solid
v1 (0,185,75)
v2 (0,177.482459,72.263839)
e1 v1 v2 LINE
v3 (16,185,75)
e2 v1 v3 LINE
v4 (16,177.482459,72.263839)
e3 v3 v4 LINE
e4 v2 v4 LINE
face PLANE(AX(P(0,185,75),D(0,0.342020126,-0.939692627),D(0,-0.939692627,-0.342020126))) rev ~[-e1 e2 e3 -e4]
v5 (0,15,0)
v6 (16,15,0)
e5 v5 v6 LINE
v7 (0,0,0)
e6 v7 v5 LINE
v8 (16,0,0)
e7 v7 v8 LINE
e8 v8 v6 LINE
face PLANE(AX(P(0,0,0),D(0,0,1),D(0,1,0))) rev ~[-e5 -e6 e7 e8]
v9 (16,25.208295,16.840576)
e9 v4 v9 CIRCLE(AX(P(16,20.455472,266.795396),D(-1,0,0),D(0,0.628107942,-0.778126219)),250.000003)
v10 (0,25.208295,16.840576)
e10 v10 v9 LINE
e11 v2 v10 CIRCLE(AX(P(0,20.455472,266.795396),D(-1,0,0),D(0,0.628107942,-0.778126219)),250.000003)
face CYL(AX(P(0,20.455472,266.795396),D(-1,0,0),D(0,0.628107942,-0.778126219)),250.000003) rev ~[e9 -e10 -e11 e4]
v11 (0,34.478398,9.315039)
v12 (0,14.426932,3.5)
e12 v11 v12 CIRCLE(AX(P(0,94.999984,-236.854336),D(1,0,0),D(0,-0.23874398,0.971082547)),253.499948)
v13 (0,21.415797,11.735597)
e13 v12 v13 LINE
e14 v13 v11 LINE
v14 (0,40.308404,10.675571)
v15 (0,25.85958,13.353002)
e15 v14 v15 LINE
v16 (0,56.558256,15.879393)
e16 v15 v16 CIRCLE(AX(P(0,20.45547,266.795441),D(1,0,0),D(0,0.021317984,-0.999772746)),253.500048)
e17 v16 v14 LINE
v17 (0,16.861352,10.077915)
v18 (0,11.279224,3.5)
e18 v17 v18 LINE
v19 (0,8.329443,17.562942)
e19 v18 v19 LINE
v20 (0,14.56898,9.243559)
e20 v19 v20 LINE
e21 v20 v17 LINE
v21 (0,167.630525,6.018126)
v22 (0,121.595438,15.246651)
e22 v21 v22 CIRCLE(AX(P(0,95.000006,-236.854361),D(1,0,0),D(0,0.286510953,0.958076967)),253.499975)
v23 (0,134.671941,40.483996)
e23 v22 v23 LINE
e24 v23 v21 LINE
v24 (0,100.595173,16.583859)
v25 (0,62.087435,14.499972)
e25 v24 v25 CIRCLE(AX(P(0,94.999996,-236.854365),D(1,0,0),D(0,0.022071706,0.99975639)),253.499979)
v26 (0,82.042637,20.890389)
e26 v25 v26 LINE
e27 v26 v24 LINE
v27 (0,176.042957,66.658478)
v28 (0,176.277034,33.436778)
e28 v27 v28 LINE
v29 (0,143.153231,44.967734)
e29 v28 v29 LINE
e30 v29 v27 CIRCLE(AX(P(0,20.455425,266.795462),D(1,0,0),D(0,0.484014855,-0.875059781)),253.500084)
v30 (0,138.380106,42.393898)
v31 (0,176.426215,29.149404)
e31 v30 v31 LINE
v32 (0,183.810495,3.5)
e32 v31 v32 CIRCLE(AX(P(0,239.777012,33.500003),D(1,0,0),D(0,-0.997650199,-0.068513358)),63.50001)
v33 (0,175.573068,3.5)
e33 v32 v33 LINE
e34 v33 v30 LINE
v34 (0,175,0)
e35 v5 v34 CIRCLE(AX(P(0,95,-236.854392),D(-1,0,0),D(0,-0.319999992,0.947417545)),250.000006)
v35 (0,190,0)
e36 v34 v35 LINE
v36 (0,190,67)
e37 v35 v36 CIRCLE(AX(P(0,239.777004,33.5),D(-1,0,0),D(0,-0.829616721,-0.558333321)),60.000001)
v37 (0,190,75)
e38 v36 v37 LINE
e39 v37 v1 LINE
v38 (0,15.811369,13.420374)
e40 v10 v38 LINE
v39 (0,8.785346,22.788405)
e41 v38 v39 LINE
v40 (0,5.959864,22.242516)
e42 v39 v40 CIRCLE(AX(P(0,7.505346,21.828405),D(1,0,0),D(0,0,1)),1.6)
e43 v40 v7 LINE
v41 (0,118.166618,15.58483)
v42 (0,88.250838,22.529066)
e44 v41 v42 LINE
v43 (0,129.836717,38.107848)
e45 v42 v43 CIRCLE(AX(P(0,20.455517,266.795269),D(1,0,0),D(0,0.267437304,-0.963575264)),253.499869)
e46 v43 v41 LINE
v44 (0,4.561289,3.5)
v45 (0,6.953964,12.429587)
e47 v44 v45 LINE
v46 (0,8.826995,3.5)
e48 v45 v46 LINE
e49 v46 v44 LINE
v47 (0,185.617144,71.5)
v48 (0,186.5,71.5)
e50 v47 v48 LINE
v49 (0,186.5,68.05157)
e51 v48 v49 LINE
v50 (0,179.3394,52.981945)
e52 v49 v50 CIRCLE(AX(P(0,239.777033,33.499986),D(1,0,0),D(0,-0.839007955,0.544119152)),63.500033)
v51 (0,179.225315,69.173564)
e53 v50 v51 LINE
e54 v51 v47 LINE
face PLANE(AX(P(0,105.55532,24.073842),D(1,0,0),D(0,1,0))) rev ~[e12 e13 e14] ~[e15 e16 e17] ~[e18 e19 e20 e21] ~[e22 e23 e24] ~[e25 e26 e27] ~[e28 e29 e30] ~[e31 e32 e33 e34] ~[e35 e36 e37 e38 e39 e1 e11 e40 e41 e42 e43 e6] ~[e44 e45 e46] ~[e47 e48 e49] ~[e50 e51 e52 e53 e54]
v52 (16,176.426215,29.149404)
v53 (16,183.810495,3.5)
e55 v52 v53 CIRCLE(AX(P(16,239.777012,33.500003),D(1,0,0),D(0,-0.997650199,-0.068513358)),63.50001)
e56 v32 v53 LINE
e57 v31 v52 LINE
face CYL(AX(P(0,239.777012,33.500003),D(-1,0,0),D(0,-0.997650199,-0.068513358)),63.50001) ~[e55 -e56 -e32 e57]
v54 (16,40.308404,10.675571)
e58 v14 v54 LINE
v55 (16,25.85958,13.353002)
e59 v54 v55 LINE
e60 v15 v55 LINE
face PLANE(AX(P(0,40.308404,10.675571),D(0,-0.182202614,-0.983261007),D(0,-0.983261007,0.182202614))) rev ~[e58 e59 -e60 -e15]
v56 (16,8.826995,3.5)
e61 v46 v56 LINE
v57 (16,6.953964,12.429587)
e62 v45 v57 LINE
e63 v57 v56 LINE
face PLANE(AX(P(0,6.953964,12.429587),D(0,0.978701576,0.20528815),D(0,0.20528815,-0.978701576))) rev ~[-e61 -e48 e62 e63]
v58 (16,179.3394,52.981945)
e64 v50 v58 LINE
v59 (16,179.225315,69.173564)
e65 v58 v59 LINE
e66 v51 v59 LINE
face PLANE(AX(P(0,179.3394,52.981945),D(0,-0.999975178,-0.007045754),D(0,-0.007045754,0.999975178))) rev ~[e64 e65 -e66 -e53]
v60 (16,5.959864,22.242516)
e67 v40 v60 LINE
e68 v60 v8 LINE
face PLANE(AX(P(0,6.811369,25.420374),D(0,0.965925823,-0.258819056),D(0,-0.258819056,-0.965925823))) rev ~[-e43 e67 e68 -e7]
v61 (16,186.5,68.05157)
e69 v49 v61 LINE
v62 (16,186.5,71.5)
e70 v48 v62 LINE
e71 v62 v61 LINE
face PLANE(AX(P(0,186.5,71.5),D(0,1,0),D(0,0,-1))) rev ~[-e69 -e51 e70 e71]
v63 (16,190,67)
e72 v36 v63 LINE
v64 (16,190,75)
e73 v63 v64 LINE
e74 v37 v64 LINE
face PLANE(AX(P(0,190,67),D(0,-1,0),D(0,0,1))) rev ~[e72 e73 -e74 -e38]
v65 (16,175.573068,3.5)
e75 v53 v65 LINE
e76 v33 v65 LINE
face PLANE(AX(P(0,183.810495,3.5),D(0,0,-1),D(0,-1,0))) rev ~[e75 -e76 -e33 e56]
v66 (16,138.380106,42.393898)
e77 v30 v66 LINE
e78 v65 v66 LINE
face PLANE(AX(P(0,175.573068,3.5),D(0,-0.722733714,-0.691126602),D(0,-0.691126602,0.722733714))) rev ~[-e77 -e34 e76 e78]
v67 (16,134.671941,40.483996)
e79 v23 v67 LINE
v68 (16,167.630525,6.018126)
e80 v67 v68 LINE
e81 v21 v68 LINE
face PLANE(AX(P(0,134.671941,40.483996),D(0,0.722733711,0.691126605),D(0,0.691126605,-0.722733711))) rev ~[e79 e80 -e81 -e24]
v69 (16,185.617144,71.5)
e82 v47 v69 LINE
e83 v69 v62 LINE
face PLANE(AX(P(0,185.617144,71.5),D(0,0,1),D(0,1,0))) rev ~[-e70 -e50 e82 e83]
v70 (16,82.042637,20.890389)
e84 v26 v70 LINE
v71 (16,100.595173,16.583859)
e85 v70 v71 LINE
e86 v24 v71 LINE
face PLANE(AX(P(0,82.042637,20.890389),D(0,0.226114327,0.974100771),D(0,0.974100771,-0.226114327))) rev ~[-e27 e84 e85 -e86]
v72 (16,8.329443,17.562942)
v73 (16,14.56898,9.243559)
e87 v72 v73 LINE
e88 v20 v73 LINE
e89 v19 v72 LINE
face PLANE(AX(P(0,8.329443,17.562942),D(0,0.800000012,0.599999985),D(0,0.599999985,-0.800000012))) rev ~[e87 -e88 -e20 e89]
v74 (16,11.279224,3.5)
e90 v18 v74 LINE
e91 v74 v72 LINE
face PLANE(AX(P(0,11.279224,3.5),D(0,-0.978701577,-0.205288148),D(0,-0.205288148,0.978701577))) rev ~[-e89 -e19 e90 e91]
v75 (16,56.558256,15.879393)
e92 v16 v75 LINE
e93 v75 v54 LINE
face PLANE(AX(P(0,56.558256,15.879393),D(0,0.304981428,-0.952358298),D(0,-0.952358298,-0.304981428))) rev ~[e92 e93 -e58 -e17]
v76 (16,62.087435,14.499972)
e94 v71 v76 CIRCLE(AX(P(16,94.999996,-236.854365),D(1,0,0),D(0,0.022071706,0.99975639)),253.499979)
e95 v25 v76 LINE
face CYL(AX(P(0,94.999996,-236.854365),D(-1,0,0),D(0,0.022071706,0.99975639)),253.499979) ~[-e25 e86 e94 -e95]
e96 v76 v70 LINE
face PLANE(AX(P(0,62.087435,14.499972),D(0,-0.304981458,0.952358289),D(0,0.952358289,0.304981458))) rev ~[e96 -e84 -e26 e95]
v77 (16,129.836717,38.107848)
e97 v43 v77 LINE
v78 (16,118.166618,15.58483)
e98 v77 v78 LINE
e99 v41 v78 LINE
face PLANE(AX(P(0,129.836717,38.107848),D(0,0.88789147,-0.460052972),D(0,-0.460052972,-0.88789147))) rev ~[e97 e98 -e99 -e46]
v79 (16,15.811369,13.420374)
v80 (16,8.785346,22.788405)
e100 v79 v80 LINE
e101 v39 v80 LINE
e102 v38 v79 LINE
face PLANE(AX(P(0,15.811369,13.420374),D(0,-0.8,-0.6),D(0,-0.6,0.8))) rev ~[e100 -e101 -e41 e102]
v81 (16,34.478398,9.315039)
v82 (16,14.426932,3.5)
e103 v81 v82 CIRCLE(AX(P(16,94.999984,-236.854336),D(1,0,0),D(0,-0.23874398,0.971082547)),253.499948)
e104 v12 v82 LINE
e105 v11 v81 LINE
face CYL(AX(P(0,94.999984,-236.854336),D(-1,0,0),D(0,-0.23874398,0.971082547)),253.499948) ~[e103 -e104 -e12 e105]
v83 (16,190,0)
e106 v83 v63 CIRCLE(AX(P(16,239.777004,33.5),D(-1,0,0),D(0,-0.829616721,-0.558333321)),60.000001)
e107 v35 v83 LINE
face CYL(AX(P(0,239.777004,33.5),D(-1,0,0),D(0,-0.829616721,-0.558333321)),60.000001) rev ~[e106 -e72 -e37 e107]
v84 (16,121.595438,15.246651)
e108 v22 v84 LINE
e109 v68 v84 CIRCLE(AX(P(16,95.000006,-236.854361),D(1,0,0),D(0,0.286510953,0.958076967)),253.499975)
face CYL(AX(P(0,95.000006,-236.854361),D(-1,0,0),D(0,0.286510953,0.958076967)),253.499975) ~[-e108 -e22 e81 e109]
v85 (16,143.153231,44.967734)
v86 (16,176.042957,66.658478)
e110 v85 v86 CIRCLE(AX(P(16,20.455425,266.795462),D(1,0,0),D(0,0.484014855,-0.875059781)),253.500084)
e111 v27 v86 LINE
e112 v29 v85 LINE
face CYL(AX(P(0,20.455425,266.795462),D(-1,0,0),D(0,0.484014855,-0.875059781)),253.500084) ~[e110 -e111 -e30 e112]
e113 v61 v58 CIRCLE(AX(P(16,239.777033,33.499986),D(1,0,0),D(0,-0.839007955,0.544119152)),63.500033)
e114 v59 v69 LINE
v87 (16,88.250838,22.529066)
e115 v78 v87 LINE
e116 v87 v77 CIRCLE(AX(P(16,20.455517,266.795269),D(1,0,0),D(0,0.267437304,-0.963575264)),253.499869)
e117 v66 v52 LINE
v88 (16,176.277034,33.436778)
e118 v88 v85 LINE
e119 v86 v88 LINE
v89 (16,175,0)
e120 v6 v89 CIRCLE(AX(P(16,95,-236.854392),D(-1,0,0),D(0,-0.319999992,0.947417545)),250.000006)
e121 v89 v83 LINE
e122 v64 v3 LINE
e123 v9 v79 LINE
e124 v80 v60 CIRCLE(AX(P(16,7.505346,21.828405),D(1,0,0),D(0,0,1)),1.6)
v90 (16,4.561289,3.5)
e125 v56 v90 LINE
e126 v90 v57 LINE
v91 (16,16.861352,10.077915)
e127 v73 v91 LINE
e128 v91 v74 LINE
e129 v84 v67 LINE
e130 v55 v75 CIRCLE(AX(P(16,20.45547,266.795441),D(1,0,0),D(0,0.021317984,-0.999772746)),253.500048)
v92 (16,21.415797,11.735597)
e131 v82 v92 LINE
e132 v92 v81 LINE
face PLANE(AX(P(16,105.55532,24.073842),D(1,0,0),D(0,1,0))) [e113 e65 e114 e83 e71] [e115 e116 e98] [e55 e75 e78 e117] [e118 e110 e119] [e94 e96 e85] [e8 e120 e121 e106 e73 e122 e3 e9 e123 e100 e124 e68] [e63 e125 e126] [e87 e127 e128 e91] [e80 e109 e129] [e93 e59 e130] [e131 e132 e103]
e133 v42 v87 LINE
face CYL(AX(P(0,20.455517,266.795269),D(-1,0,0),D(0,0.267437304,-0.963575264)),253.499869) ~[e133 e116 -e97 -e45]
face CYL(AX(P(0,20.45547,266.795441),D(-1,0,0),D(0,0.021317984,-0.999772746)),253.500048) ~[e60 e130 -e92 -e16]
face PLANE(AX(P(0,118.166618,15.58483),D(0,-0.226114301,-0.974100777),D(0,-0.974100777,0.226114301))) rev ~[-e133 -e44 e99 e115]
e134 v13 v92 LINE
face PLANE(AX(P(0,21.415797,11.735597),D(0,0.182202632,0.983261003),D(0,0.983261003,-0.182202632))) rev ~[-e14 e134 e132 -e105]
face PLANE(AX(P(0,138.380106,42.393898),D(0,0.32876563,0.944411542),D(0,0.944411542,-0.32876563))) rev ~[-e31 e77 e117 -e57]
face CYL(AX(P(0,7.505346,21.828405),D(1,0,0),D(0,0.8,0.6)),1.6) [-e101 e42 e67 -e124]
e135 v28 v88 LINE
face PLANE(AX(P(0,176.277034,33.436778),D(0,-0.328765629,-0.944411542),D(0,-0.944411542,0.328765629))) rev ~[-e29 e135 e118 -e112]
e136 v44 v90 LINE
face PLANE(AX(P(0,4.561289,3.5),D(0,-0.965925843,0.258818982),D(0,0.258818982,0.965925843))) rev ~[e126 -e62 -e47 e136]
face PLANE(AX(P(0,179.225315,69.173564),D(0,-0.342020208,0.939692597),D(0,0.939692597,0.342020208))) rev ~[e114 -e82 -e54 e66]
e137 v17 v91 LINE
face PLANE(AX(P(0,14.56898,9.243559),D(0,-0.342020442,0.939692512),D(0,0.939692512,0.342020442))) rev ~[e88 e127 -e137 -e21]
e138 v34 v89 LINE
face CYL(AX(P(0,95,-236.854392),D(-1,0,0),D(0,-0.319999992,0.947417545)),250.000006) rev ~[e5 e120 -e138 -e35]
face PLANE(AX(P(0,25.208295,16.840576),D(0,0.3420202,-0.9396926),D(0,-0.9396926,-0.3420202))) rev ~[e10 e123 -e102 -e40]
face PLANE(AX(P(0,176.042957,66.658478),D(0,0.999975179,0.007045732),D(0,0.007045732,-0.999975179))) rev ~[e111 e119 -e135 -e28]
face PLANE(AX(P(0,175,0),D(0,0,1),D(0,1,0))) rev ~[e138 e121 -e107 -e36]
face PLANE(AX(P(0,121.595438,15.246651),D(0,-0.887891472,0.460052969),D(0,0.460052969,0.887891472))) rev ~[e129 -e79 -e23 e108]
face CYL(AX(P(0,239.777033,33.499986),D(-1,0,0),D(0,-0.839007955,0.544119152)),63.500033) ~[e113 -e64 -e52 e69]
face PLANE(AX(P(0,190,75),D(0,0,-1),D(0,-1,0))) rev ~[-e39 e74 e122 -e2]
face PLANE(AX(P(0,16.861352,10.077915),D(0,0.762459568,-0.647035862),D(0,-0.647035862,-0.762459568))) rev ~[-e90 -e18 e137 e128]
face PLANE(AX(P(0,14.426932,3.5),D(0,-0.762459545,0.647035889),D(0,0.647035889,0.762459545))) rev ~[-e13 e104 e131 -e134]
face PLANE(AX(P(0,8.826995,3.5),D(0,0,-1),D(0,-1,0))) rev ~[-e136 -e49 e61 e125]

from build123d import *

# Parameters (mm, degrees)
F1_DEPTH = 16
F2_R     = 1.6


with BuildPart() as f1:
    # F0 (on Right) → F1 (new body)
    with BuildSketch(Plane.YZ):
        with BuildLine():
            ThreePointArc((15, 0), (95, 13.145614), (175, 0))
            Line((175, 0), (190, 0))
            ThreePointArc((190, 0), (179.777003, 33.5), (190, 67))
            Line((190, 67), (190, 75))
            Line((190, 75), (185, 75))
            Line((185, 75), (177.482459, 72.263839))
            ThreePointArc((177.482459, 72.263839), (105.960508, 31.872238), (25.208295, 16.840576))
            Line((25.208295, 16.840576), (15.811369, 13.420374))
            Line((15.811369, 13.420374), (6.811369, 25.420374))
            Line((6.811369, 25.420374), (0, 0))
            Line((0, 0), (15, 0))
        make_face()
        with BuildLine():
            Line((186.5, 71.5), (186.5, 68.05157))
            ThreePointArc((186.5, 68.05157), (182.422611, 60.752958), (179.3394, 52.981945))
            ThreePointArc((179.3394, 52.981945), (177.042373, 43.329355), (176.277034, 33.436778))
            ThreePointArc((176.277034, 33.436778), (176.315408, 31.291831), (176.426215, 29.149404))
            ThreePointArc((176.426215, 29.149404), (178.755472, 15.932338), (183.810495, 3.5))
            Line((183.810495, 3.5), (175.573068, 3.5))
            ThreePointArc((175.573068, 3.5), (171.612143, 4.791698), (167.630525, 6.018126))
            ThreePointArc((167.630525, 6.018126), (144.827094, 11.700459), (121.595438, 15.246651))
            ThreePointArc((121.595438, 15.246651), (119.881603, 15.421566), (118.166618, 15.58483))
            ThreePointArc((118.166618, 15.58483), (109.389568, 16.236883), (100.595173, 16.583859))
            ThreePointArc((100.595173, 16.583859), (81.30162, 16.275234), (62.087435, 14.499972))
            ThreePointArc((62.087435, 14.499972), (51.1562, 12.825352), (40.308404, 10.675571))
            ThreePointArc((40.308404, 10.675571), (37.389385, 10.012516), (34.478398, 9.315039))
            ThreePointArc((34.478398, 9.315039), (24.392776, 6.614031), (14.426932, 3.5))
            Line((14.426932, 3.5), (11.279224, 3.5))
            Line((11.279224, 3.5), (8.826995, 3.5))
            Line((8.826995, 3.5), (4.561289, 3.5))
            Line((4.561289, 3.5), (6.953964, 12.429587))
            Line((6.953964, 12.429587), (8.329443, 17.562942))
            Line((8.329443, 17.562942), (14.56898, 9.243559))
            Line((14.56898, 9.243559), (16.861352, 10.077915))
            Line((16.861352, 10.077915), (21.415797, 11.735597))
            Line((21.415797, 11.735597), (25.85958, 13.353002))
            ThreePointArc((25.85958, 13.353002), (41.247326, 14.149497), (56.558256, 15.879393))
            ThreePointArc((56.558256, 15.879393), (69.364664, 18.058301), (82.042637, 20.890389))
            ThreePointArc((82.042637, 20.890389), (85.151926, 21.690071), (88.250838, 22.529066))
            ThreePointArc((88.250838, 22.529066), (109.385571, 29.406076), (129.836717, 38.107848))
            ThreePointArc((129.836717, 38.107848), (132.260642, 39.283076), (134.671941, 40.483996))
            ThreePointArc((134.671941, 40.483996), (136.529952, 41.43132), (138.380106, 42.393898))
            ThreePointArc((138.380106, 42.393898), (140.773551, 43.668053), (143.153231, 44.967734))
            ThreePointArc((143.153231, 44.967734), (160.020121, 55.173185), (176.042957, 66.658478))
            ThreePointArc((176.042957, 66.658478), (177.639166, 67.909656), (179.225315, 69.173564))
            Line((179.225315, 69.173564), (185.617144, 71.5))
            Line((185.617144, 71.5), (186.5, 71.5))
        make_face(mode=Mode.SUBTRACT)
        Polygon((8.826995, 3.5), (11.279224, 3.5), (8.329443, 17.562942), (6.953964, 12.429587), align=None)
        Polygon((14.426932, 3.5), (21.415797, 11.735597), (16.861352, 10.077915), (11.279224, 3.5), align=None)
        with BuildLine():
            Line((40.308404, 10.675571), (25.85958, 13.353002))
            Line((25.85958, 13.353002), (21.415797, 11.735597))
            Line((21.415797, 11.735597), (34.478398, 9.315039))
            ThreePointArc((34.478398, 9.315039), (37.389385, 10.012516), (40.308404, 10.675571))
        make_face()
        with BuildLine():
            Line((118.166618, 15.58483), (88.250838, 22.529066))
            ThreePointArc((88.250838, 22.529066), (85.151926, 21.690071), (82.042637, 20.890389))
            Line((82.042637, 20.890389), (100.595173, 16.583859))
            ThreePointArc((100.595173, 16.583859), (109.389568, 16.236883), (118.166618, 15.58483))
        make_face()
        with BuildLine():
            Line((121.595438, 15.246651), (134.671941, 40.483996))
            ThreePointArc((134.671941, 40.483996), (132.260642, 39.283076), (129.836717, 38.107848))
            Line((129.836717, 38.107848), (118.166618, 15.58483))
            ThreePointArc((118.166618, 15.58483), (119.881603, 15.421566), (121.595438, 15.246651))
        make_face()
        with BuildLine():
            Line((175.573068, 3.5), (138.380106, 42.393898))
            ThreePointArc((138.380106, 42.393898), (136.529952, 41.43132), (134.671941, 40.483996))
            Line((134.671941, 40.483996), (167.630525, 6.018126))
            ThreePointArc((167.630525, 6.018126), (171.612143, 4.791698), (175.573068, 3.5))
        make_face()
        with BuildLine():
            ThreePointArc((176.426215, 29.149404), (176.315408, 31.291831), (176.277034, 33.436778))
            Line((176.277034, 33.436778), (143.153231, 44.967734))
            ThreePointArc((143.153231, 44.967734), (140.773551, 43.668053), (138.380106, 42.393898))
            Line((138.380106, 42.393898), (176.426215, 29.149404))
        make_face()
        with BuildLine():
            ThreePointArc((176.277034, 33.436778), (177.042373, 43.329355), (179.3394, 52.981945))
            Line((179.3394, 52.981945), (179.225315, 69.173564))
            ThreePointArc((179.225315, 69.173564), (177.639166, 67.909656), (176.042957, 66.658478))
            Line((176.042957, 66.658478), (176.277034, 33.436778))
        make_face()
        with BuildLine():
            Line((62.087435, 14.499972), (82.042637, 20.890389))
            ThreePointArc((82.042637, 20.890389), (69.364664, 18.058301), (56.558256, 15.879393))
            Line((56.558256, 15.879393), (40.308404, 10.675571))
            ThreePointArc((40.308404, 10.675571), (51.1562, 12.825352), (62.087435, 14.499972))
        make_face()
    extrude(amount=F1_DEPTH)

    # F2
    f2_edges = [f1.edges().sort_by_distance(p)[0] for p in [
        (8, 6.811369, 25.420374),
    ]]
    fillet(f2_edges, radius=F2_R)


solid = f1.part
